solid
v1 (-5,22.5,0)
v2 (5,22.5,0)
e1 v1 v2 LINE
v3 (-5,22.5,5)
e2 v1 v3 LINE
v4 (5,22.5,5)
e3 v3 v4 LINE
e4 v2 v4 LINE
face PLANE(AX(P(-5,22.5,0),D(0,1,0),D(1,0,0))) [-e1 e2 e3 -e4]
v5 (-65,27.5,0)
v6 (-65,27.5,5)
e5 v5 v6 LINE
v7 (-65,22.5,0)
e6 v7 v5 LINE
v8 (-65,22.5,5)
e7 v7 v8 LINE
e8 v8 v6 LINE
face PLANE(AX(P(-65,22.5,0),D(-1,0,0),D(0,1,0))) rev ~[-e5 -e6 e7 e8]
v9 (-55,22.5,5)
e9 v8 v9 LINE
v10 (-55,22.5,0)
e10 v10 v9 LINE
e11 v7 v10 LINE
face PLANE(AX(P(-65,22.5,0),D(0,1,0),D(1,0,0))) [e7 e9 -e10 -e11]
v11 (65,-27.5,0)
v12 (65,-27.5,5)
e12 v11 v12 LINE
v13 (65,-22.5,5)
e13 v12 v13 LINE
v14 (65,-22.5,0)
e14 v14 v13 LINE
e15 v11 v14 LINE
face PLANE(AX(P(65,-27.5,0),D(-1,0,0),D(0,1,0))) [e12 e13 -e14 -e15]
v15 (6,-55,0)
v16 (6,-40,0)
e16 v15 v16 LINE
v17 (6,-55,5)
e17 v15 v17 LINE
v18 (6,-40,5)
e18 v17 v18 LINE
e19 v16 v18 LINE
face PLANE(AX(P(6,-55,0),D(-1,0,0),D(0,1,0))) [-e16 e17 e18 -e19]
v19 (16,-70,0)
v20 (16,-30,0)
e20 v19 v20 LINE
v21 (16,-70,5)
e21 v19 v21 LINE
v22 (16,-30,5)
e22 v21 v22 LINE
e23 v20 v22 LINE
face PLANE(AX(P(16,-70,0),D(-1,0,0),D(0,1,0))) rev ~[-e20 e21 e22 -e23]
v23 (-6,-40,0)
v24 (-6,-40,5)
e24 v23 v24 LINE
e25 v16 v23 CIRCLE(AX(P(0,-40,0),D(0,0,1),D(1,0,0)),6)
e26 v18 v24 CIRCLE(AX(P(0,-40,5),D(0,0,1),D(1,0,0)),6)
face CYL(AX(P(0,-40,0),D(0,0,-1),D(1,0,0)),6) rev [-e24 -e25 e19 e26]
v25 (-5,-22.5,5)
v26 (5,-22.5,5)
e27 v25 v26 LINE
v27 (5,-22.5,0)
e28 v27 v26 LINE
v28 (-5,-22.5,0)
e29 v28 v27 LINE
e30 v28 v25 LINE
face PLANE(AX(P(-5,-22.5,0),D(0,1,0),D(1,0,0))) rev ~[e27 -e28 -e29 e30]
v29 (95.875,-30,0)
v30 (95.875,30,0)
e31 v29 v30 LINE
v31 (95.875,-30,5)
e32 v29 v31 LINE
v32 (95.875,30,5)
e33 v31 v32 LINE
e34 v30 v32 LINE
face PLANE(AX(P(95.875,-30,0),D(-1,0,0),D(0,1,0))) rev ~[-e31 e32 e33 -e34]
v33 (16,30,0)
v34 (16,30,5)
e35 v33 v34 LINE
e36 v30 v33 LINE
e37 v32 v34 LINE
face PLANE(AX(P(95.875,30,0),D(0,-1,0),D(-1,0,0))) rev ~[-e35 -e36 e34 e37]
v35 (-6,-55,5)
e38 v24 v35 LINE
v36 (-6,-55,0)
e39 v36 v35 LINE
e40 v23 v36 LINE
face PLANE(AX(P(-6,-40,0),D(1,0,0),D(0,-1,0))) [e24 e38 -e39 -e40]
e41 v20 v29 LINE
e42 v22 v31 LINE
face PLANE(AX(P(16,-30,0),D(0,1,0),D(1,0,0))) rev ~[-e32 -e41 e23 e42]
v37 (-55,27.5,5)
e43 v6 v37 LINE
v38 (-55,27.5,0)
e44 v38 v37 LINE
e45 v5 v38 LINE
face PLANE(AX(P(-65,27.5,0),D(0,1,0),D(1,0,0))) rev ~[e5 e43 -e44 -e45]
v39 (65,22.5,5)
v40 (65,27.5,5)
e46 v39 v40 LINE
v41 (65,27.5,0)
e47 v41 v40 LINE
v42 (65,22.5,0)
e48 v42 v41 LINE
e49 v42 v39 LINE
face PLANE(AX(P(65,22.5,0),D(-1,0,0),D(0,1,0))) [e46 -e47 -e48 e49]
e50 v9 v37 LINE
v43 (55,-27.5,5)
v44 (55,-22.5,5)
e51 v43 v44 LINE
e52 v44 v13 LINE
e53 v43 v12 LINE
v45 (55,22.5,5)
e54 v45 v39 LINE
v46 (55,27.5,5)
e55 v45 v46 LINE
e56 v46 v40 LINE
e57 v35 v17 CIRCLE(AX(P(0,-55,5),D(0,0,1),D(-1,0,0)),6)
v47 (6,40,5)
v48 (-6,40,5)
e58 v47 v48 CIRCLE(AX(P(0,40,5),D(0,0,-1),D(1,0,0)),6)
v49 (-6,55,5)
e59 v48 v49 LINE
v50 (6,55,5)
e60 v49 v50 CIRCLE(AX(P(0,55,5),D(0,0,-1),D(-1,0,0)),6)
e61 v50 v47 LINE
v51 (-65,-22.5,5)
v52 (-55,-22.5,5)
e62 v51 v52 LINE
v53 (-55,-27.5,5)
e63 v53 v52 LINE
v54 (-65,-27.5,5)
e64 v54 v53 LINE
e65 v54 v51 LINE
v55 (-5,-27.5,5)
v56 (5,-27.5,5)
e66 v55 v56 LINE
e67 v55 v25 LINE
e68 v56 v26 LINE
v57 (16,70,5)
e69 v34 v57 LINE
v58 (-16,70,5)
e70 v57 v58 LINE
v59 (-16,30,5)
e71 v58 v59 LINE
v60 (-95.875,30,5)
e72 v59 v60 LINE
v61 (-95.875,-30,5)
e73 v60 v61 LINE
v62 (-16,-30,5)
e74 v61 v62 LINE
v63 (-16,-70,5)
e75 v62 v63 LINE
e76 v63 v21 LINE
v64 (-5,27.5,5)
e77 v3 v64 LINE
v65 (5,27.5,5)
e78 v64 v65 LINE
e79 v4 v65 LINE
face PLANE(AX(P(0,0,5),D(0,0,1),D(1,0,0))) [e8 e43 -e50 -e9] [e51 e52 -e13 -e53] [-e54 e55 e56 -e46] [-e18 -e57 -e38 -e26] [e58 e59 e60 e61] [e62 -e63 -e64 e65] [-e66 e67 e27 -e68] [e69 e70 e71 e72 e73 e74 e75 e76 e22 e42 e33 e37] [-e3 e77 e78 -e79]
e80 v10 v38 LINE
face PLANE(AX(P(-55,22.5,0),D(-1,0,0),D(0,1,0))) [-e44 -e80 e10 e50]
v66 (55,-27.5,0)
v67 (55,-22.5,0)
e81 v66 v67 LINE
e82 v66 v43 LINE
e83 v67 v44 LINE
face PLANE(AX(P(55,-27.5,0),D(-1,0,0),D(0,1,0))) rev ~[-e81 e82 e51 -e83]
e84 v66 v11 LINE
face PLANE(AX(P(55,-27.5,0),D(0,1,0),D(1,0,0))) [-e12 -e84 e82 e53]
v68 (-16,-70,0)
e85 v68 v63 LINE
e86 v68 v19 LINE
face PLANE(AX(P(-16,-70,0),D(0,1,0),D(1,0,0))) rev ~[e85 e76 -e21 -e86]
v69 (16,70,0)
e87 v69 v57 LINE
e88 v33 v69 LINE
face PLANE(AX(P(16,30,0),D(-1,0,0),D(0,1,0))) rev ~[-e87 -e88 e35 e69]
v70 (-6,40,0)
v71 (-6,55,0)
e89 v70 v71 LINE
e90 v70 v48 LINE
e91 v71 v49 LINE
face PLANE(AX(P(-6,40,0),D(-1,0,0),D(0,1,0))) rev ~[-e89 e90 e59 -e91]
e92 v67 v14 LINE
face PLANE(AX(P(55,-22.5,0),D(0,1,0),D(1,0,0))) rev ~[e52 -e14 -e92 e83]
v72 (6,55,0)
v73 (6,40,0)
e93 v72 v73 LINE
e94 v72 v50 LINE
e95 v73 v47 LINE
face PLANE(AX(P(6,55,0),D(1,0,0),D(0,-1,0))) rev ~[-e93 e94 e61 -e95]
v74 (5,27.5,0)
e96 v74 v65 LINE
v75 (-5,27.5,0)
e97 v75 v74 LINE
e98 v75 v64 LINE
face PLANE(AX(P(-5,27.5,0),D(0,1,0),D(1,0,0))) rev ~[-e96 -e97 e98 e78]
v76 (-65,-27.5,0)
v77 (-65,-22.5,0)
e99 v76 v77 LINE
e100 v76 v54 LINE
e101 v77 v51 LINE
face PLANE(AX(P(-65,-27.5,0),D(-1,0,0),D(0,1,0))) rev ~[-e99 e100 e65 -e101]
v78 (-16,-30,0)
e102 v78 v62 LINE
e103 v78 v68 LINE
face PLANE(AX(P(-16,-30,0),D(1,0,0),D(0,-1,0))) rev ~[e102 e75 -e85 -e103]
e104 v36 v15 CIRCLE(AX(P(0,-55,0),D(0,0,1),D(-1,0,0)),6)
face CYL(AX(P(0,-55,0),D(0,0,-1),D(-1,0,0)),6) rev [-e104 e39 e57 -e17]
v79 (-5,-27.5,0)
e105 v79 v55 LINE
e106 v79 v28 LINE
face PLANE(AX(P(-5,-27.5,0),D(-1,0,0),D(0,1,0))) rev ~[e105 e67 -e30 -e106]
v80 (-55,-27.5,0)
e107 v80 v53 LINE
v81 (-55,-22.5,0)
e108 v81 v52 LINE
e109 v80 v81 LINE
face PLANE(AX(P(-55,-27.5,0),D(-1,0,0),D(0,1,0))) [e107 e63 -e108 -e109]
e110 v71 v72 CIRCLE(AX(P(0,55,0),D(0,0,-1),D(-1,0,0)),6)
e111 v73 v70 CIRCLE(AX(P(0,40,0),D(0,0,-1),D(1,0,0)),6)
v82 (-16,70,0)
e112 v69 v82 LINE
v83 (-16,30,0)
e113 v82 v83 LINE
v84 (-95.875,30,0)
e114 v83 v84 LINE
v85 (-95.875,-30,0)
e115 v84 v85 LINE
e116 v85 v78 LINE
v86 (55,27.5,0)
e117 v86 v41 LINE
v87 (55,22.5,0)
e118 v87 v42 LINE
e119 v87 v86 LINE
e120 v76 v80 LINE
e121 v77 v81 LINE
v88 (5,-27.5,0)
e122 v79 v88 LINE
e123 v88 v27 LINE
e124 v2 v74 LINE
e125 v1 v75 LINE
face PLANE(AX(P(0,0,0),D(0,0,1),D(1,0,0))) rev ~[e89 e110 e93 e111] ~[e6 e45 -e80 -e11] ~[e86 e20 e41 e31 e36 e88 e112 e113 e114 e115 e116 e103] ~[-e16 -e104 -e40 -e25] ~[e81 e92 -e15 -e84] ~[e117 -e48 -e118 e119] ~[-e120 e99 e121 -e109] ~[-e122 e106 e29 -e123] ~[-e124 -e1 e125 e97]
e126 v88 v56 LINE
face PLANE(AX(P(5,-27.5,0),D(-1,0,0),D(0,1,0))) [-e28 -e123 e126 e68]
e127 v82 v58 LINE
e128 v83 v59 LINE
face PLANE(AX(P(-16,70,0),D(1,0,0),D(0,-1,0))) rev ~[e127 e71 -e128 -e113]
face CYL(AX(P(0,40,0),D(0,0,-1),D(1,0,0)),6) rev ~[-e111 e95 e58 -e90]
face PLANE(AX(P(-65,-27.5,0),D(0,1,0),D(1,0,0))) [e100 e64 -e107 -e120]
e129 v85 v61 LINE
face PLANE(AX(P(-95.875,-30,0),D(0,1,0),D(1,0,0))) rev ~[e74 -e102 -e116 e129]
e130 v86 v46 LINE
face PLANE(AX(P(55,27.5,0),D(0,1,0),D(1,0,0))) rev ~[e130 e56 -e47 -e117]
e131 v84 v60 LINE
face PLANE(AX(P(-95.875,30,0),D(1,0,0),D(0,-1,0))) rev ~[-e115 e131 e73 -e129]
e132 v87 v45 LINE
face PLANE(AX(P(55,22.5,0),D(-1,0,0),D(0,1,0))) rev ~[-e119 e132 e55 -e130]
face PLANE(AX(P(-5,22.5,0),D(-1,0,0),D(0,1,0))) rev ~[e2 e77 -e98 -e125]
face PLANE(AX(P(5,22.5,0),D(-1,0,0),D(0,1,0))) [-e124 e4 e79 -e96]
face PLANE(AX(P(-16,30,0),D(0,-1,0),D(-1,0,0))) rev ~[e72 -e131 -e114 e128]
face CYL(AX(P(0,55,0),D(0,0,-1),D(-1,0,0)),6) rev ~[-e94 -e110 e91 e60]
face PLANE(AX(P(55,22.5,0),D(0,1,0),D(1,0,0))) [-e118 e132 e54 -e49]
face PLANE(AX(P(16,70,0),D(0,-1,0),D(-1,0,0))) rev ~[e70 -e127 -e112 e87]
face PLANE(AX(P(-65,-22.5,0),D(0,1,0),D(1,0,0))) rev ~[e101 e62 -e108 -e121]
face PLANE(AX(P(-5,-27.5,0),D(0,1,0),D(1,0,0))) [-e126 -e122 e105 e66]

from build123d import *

# Parameters (mm, degrees)
SKETCH5_W           = 10
SKETCH5_H           = 5
BOSS_EXTRUDE2_DEPTH = 5


with BuildPart() as part:
    # Sketch5 → Boss-Extrude2 (new body)
    with BuildSketch(Plane.XY):
        Polygon((-16, -70), (16, -70), (16, -30), (95.875, -30), (95.875, 30), (16, 30), (16, 70), (-16, 70), (-16, 30), (-95.875, 30), (-95.875, -30), (-16, -30), align=None)
        with Locations((60, -25)):
            Rectangle(SKETCH5_W, SKETCH5_H, mode=Mode.SUBTRACT)
        with Locations((60, 25)):
            Rectangle(SKETCH5_W, SKETCH5_H, mode=Mode.SUBTRACT)
        with Locations((0, -25)):
            Rectangle(SKETCH5_W, SKETCH5_H, mode=Mode.SUBTRACT)
        with Locations((0, 25)):
            Rectangle(SKETCH5_W, SKETCH5_H, mode=Mode.SUBTRACT)
        with Locations((-60, 25)):
            Rectangle(SKETCH5_W, SKETCH5_H, mode=Mode.SUBTRACT)
        with Locations((-60, -25)):
            Rectangle(SKETCH5_W, SKETCH5_H, mode=Mode.SUBTRACT)
        with BuildLine():
            Line((6, 55), (6, 40))
            ThreePointArc((6, 40), (0, 34), (-6, 40))
            Line((-6, 40), (-6, 55))
            ThreePointArc((-6, 55), (0, 61), (6, 55))
        make_face(mode=Mode.SUBTRACT)
        with BuildLine():
            Line((-6, -40), (-6, -55))
            ThreePointArc((-6, -55), (0, -61), (6, -55))
            Line((6, -55), (6, -40))
            ThreePointArc((6, -40), (0, -34), (-6, -40))
        make_face(mode=Mode.SUBTRACT)
    extrude(amount=BOSS_EXTRUDE2_DEPTH)


solid = part.part
